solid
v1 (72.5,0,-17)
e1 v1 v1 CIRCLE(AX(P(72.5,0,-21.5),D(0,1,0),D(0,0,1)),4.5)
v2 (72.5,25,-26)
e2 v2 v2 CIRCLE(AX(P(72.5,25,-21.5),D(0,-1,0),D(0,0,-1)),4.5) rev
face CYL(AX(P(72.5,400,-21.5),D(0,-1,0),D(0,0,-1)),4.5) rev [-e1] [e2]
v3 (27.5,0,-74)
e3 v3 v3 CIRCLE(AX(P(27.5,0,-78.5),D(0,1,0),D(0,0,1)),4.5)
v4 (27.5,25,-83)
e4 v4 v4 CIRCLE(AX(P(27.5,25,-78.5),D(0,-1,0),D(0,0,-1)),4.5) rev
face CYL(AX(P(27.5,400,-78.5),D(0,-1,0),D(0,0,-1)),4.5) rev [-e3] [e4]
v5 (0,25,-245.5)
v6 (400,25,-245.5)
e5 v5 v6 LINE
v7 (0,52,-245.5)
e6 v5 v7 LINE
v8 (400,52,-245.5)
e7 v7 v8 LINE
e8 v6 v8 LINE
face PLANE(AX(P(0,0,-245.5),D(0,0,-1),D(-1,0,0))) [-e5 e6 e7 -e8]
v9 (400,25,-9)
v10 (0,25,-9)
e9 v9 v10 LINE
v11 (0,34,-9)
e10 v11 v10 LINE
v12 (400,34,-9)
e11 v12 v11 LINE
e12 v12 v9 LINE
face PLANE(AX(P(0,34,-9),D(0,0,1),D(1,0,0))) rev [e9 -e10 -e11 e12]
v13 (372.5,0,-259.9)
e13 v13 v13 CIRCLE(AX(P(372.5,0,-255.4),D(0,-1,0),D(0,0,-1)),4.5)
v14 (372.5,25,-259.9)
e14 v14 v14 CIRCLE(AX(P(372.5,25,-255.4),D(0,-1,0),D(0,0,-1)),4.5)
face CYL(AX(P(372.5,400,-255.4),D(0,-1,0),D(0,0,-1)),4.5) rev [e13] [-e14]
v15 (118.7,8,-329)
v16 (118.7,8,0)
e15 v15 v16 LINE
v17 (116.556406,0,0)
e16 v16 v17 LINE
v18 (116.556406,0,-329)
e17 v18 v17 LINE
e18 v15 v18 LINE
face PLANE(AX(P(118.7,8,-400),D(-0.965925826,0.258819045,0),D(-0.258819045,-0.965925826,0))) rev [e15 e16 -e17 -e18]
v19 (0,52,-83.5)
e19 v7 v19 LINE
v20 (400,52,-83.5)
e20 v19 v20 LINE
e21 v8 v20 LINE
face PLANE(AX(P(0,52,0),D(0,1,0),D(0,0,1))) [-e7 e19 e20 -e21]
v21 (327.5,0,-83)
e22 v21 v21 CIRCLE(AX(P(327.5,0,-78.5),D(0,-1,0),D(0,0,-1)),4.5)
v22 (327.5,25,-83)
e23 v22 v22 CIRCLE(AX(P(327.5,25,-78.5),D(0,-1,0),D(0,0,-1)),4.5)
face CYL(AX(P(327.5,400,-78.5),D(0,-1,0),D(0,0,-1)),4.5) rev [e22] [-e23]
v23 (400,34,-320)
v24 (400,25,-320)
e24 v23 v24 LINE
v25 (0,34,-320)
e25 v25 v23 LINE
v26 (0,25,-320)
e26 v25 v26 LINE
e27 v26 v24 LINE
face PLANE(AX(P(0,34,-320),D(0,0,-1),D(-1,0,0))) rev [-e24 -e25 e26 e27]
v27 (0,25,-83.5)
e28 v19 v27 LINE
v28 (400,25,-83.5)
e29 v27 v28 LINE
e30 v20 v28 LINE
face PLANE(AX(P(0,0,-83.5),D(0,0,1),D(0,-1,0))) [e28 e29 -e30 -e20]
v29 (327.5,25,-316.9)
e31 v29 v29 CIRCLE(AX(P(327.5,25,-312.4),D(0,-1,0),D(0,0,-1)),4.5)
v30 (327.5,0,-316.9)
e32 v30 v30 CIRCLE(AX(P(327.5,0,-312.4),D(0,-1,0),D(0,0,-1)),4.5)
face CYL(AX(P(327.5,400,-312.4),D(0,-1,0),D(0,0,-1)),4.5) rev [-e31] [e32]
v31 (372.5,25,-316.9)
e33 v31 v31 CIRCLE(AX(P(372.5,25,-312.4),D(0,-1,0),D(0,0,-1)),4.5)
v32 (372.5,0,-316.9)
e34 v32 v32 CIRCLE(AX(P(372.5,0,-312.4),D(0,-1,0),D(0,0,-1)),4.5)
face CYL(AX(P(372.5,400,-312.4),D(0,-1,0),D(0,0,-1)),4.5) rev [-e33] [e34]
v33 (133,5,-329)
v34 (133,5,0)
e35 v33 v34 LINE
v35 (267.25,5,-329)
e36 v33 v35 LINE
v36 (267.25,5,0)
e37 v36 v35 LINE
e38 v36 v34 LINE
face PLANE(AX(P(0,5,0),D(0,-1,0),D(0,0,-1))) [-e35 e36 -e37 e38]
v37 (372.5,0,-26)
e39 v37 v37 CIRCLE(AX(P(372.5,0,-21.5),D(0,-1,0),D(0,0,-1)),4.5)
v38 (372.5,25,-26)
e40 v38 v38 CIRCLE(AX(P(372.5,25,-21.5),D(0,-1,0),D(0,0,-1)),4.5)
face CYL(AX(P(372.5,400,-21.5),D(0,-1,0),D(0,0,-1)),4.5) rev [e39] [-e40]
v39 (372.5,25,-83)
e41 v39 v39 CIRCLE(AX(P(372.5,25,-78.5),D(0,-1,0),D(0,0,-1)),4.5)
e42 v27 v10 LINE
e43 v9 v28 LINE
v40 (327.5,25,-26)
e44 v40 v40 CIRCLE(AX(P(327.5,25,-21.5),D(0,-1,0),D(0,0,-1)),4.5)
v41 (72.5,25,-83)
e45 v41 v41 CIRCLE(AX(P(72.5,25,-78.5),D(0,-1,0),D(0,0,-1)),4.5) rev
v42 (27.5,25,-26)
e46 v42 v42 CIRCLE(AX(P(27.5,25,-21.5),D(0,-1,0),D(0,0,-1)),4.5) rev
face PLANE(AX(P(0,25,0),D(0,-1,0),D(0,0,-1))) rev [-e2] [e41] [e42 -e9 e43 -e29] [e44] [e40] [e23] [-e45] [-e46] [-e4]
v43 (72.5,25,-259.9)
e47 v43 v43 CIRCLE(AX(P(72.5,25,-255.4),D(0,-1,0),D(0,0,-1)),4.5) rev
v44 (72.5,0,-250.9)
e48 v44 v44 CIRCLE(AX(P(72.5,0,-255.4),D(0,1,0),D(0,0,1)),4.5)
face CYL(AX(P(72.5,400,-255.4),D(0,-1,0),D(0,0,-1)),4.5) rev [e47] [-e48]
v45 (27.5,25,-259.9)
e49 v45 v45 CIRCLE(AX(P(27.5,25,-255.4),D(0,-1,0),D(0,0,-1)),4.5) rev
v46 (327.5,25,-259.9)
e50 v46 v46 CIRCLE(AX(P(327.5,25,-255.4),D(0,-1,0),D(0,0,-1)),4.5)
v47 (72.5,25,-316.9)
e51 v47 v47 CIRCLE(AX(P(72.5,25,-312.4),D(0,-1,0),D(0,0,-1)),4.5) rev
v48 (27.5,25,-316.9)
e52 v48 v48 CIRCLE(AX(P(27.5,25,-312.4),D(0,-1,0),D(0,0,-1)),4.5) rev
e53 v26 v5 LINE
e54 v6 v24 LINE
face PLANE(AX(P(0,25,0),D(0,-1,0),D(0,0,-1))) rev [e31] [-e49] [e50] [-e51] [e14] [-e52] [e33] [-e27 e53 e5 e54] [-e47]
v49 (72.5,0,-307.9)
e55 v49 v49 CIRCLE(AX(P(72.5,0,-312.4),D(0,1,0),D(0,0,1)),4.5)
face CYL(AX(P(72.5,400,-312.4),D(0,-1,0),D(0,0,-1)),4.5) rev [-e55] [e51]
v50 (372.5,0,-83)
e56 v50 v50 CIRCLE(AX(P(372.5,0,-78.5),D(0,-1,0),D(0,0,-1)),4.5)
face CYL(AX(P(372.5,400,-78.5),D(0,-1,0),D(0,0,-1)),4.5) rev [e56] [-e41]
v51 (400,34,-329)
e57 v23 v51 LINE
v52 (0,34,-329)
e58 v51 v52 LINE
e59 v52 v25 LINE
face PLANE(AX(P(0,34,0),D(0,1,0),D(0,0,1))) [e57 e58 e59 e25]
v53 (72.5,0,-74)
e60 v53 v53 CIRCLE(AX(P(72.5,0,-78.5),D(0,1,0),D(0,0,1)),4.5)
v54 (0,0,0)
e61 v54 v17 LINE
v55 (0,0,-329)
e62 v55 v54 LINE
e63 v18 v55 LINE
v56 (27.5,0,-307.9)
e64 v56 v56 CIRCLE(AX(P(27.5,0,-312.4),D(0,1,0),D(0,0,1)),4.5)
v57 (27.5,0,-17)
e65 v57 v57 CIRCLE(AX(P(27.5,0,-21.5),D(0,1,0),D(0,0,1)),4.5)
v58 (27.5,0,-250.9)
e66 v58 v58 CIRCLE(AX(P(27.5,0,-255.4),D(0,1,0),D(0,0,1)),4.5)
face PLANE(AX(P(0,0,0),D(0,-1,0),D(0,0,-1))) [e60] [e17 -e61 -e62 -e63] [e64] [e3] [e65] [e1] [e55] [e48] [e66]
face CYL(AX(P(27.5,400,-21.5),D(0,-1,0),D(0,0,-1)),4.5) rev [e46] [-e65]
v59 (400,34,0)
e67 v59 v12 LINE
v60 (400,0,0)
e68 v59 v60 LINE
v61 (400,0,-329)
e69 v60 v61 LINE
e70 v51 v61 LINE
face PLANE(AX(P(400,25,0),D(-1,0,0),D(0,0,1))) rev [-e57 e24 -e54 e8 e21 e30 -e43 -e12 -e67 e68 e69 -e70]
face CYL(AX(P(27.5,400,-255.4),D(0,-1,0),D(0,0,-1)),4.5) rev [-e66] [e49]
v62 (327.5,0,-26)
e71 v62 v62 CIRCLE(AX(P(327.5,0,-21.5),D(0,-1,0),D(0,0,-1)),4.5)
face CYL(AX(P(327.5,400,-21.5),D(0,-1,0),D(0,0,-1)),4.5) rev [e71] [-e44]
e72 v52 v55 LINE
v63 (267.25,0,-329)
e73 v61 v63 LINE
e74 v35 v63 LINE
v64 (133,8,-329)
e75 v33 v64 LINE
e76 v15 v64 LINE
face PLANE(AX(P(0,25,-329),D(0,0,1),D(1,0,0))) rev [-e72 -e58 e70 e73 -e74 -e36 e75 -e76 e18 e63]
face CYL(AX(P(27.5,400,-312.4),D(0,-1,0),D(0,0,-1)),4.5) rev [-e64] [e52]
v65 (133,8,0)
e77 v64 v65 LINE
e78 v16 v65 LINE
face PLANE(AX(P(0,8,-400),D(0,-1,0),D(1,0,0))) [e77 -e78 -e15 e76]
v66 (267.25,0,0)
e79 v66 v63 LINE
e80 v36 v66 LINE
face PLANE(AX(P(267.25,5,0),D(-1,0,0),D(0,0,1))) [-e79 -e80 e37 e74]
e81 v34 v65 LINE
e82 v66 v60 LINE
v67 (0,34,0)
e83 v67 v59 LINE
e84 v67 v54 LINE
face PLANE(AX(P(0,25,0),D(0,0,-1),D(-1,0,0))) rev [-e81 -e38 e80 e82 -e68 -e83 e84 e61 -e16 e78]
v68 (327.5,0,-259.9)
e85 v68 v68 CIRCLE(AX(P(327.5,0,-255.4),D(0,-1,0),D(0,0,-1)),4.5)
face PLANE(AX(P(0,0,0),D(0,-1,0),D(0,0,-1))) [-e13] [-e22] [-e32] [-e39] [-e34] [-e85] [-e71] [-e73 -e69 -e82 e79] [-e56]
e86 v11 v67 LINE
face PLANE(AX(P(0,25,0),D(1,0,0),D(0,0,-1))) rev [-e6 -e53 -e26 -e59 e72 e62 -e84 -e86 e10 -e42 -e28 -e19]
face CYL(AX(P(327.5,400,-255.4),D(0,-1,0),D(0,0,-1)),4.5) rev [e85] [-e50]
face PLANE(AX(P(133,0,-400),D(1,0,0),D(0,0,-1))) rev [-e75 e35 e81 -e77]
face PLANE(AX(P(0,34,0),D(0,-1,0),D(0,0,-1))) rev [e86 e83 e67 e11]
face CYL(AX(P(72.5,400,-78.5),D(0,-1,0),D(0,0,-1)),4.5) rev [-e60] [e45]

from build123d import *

# Parameters (mm, degrees)
SKETCH_1_W          = 400
SKETCH_1_H          = 329
EXTRUDE_2_DEPTH     = 25
SKETCH_2_W          = 400
SKETCH_2_H          = 9
EXTRUDE_3_DEPTH     = 9
SKETCH_3_W          = 81
SKETCH_3_H          = 27
EXTRUDE_4_DEPTH     = 400
SKETCH_4_W          = 67.25
SKETCH_4_H          = 5
CUT_EXTRUDE_1_DEPTH = 5
CUT_EXTRUDE_2_DEPTH = 400
CUT_EXTRUDE_3_DEPTH = 400
SKETCH_8_R          = 4.5
CUT_EXTRUDE_4_DEPTH = 400


with BuildPart() as part:
    # 草图1 → 凸台-拉伸2 (new body)
    with BuildSketch(Plane(origin=(0, 0, 0), x_dir=(1, 0, 0), z_dir=(0, 1, 0))):
        with Locations((200, 164.5)):
            Rectangle(SKETCH_1_W, SKETCH_1_H)
    extrude(amount=EXTRUDE_2_DEPTH)

    # 草图2 → 凸台-拉伸3 (add)
    with BuildSketch(Plane(origin=(0, 25, 0), x_dir=(1, 0, 0), z_dir=(0, 1, 0))):
        with Locations((200, 324.5)):
            Rectangle(SKETCH_2_W, SKETCH_2_H)
        with Locations((200, 4.5)):
            Rectangle(SKETCH_2_W, SKETCH_2_H)
    extrude(amount=EXTRUDE_3_DEPTH)

    # 草图3 → 凸台-拉伸4 (add)
    with BuildSketch(Plane(origin=(400, 0, 0), x_dir=(0, 0, -1), z_dir=(1, 0, 0))):
        with Locations((205, 38.5)):
            Rectangle(SKETCH_3_W, SKETCH_3_H)
        with Locations((124, 38.5)):
            Rectangle(SKETCH_3_W, SKETCH_3_H)
    extrude(amount=-EXTRUDE_4_DEPTH)

    # 草图4 → 切除-拉伸1 (cut)
    with BuildSketch(Plane.XZ):
        Polygon((200, -5), (200, 0), (133, 0), (133, -329), (267.25, -329), (267.25, -5), align=None)
        with Locations((233.625, -2.5)):
            Rectangle(SKETCH_4_W, SKETCH_4_H)
    extrude(amount=-CUT_EXTRUDE_1_DEPTH, mode=Mode.SUBTRACT)

    # 草图5 → 切除-拉伸2 (cut)
    with BuildSketch(Plane.XY):
        Polygon((133, 5), (133, 8), (118.7, 8), (118.7, 0), (133, 0), align=None)
    extrude(amount=-CUT_EXTRUDE_2_DEPTH, mode=Mode.SUBTRACT)

    # 草图6 → 切除-拉伸3 (cut)
    with BuildSketch(Plane.XY):
        Polygon((118.7, 8), (116.556406461, 0), (118.7, 0), align=None)
    extrude(amount=-CUT_EXTRUDE_3_DEPTH, mode=Mode.SUBTRACT)

    # 草图8 → 切除-拉伸4 (cut)
    with BuildSketch(Plane.XZ):
        with Locations(Location((372.5, -312.4, 0), (0, 0, 270))):
            Circle(SKETCH_8_R)
        with Locations(Location((327.5, -312.4, 0), (0, 0, 270))):
            Circle(SKETCH_8_R)
        with Locations(Location((372.5, -255.4, 0), (0, 0, 270))):
            Circle(SKETCH_8_R)
        with Locations(Location((327.5, -255.4, 0), (0, 0, 270))):
            Circle(SKETCH_8_R)
        with Locations(Location((372.5, -78.5, 0), (0, 0, 270))):
            Circle(SKETCH_8_R)
        with Locations(Location((327.5, -78.5, 0), (0, 0, 270))):
            Circle(SKETCH_8_R)
        with Locations(Location((372.5, -21.5, 0), (0, 0, 270))):
            Circle(SKETCH_8_R)
        with Locations(Location((327.5, -21.5, 0), (0, 0, 270))):
            Circle(SKETCH_8_R)
        with Locations(Location((27.5, -21.5, 0), (0, 0, 270))):
            Circle(SKETCH_8_R)
        with Locations(Location((72.5, -21.5, 0), (0, 0, 270))):
            Circle(SKETCH_8_R)
        with Locations(Location((72.5, -78.5, 0), (0, 0, 270))):
            Circle(SKETCH_8_R)
        with Locations(Location((27.5, -78.5, 0), (0, 0, 270))):
            Circle(SKETCH_8_R)
        with Locations(Location((72.5, -312.4, 0), (0, 0, 270))):
            Circle(SKETCH_8_R)
        with Locations(Location((27.5, -312.4, 0), (0, 0, 270))):
            Circle(SKETCH_8_R)
        with Locations(Location((27.5, -255.4, 0), (0, 0, 270))):
            Circle(SKETCH_8_R)
        with Locations(Location((72.5, -255.4, 0), (0, 0, 270))):
            Circle(SKETCH_8_R)
    extrude(amount=-CUT_EXTRUDE_4_DEPTH, mode=Mode.SUBTRACT)


solid = part.part
